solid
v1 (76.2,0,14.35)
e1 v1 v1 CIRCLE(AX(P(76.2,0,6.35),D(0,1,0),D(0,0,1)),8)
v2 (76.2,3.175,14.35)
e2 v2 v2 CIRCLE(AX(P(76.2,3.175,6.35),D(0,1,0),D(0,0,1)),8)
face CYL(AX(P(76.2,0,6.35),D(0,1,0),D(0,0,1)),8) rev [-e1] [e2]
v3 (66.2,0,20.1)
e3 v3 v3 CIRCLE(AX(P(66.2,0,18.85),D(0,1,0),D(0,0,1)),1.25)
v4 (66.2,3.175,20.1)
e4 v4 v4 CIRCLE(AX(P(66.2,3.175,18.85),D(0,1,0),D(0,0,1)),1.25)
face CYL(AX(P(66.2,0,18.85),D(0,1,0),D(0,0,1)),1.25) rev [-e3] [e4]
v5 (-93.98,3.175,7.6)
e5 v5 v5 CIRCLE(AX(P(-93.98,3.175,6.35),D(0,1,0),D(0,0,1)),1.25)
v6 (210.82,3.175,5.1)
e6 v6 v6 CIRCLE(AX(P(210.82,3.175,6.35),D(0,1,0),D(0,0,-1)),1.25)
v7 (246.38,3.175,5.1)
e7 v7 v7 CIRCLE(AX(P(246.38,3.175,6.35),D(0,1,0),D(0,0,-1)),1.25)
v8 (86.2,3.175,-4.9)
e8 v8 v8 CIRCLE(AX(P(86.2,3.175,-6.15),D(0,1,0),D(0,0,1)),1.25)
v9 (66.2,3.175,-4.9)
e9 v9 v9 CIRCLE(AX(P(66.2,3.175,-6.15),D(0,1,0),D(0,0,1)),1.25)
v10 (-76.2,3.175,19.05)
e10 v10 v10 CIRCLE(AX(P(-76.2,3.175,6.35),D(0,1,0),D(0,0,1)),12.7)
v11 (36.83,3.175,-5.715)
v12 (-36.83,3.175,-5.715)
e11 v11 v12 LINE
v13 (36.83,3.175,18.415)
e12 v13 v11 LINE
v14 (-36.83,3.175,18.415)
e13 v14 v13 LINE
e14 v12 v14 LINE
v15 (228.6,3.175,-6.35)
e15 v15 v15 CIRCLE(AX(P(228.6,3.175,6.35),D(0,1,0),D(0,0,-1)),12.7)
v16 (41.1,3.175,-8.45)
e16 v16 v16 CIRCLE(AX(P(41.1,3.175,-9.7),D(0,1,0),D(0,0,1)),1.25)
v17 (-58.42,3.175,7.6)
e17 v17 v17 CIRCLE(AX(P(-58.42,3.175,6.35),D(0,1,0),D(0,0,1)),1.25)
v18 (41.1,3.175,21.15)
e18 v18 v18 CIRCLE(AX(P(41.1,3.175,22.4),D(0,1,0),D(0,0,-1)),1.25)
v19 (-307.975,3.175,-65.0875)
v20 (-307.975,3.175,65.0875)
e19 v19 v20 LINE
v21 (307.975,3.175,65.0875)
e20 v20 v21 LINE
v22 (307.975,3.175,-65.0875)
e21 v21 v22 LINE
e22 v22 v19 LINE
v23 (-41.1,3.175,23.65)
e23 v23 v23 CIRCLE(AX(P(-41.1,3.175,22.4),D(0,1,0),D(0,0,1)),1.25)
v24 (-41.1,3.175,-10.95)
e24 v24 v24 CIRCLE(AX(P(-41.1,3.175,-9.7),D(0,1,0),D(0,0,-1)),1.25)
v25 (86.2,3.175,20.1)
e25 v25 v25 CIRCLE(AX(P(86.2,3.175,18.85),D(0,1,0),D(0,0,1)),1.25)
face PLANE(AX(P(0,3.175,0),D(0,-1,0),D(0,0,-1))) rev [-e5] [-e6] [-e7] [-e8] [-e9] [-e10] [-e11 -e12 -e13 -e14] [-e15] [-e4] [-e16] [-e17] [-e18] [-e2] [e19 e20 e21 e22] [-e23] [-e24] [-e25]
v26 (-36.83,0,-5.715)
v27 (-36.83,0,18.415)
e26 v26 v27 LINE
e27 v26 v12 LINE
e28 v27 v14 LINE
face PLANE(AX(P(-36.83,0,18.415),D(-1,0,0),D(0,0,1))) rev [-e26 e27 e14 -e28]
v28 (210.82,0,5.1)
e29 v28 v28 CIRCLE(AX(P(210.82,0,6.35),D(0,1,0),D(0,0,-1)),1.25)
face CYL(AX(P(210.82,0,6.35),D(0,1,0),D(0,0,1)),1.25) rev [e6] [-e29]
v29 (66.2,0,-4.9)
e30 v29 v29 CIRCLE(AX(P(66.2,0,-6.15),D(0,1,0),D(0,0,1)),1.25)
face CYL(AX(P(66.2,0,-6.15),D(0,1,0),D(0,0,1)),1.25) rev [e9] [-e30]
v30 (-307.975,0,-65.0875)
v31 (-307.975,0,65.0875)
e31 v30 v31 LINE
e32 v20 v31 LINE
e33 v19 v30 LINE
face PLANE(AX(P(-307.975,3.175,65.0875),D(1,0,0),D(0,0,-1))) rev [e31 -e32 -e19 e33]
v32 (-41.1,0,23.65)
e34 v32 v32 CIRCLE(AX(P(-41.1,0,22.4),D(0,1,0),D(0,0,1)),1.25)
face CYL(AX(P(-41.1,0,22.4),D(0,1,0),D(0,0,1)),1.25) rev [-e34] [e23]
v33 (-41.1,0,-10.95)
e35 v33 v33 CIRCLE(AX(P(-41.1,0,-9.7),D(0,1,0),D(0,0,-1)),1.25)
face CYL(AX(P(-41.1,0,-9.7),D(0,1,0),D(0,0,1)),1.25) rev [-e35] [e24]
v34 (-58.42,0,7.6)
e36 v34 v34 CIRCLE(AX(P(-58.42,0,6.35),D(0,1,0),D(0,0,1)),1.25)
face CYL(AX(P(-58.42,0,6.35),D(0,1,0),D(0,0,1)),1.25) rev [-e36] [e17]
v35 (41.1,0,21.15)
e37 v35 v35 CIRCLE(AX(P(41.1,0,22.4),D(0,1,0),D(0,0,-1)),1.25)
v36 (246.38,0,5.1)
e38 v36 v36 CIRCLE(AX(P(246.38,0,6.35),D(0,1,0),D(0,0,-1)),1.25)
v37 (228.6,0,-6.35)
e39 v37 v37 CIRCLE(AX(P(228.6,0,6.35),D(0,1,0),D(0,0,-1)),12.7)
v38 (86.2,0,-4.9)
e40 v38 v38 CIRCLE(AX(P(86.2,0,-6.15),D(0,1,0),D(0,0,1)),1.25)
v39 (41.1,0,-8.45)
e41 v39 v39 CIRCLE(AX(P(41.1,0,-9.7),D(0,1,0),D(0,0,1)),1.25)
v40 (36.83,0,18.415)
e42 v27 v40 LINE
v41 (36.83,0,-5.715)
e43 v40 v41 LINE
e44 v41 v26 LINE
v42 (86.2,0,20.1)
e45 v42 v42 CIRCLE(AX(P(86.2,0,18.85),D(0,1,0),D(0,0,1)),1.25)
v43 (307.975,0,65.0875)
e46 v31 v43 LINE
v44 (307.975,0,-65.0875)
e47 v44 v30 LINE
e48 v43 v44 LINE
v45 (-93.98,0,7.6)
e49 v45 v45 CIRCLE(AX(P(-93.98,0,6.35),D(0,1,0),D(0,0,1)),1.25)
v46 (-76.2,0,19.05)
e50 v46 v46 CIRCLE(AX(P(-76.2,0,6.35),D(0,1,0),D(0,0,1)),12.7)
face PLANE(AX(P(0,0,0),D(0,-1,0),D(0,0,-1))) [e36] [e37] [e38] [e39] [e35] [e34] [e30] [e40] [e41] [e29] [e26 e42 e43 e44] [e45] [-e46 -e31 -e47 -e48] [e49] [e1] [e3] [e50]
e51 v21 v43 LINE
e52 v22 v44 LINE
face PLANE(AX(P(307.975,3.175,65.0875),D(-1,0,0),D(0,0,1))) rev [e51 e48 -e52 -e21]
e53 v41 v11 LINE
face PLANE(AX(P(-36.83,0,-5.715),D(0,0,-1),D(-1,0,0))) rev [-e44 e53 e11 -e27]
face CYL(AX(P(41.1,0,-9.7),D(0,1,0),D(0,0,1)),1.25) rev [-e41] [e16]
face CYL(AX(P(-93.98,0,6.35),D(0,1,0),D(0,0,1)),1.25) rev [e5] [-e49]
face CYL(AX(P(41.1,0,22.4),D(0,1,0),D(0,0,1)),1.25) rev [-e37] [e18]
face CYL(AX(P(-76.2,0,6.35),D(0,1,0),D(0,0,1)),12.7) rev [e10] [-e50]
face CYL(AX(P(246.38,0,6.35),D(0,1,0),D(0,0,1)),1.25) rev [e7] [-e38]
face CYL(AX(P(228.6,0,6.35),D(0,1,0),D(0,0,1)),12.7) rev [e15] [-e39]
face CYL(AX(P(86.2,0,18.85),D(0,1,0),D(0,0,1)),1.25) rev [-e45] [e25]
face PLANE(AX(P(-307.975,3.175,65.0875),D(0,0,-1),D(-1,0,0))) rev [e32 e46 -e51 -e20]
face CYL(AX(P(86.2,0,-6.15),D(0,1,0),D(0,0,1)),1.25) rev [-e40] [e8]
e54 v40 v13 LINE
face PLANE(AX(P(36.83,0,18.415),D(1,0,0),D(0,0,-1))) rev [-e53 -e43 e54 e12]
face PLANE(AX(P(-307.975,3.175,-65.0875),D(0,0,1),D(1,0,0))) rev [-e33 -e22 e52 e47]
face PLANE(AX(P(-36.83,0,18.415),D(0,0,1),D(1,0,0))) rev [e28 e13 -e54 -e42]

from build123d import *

# Parameters (mm, degrees)
SKETCH1_W           = 615.95
SKETCH1_H           = 130.175
BOSS_EXTRUDE1_DEPTH = 3.175
SKETCH2_R           = 1.25
SKETCH2_R_2         = 12.7
SKETCH2_R_3         = 8
SKETCH2_W           = 73.66
SKETCH2_H           = 24.13
CUT_EXTRUDE1_DEPTH  = 315.793684667


with BuildPart() as part:
    # Sketch1 → Boss-Extrude1 (new body)
    with BuildSketch(Plane(origin=(0, 0, 0), x_dir=(1, 0, 0), z_dir=(0, 1, 0))):
        Rectangle(SKETCH1_W, SKETCH1_H)
    extrude(amount=BOSS_EXTRUDE1_DEPTH)

    # Sketch2 → Cut-Extrude1 (cut, through all)
    with BuildSketch(Plane(origin=(0, 3.175, 0), x_dir=(1, 0, 0), z_dir=(0, 1, 0))):
        with Locations(Location((41.099999842, 9.699999904, 0), (0, 0, 270))):
            Circle(SKETCH2_R)
        with Locations(Location((41.099999842, -22.399999904, 0), (0, 0, 90))):
            Circle(SKETCH2_R)
        with Locations(Location((-41.099999842, -22.399999904, 0), (0, 0, 270))):
            Circle(SKETCH2_R)
        with Locations(Location((-41.099999842, 9.699999904, 0), (0, 0, 90))):
            Circle(SKETCH2_R)
        with Locations(Location((-76.2, -6.35, 0), (0, 0, 270))):
            Circle(SKETCH2_R_2)
        with Locations(Location((-93.98, -6.35, 0), (0, 0, 270))):
            Circle(SKETCH2_R)
        with Locations(Location((-58.42, -6.35, 0), (0, 0, 270))):
            Circle(SKETCH2_R)
        with Locations(Location((86.2, 6.15, 0), (0, 0, 270))):
            Circle(SKETCH2_R)
        with Locations(Location((86.2, -18.85, 0), (0, 0, 270))):
            Circle(SKETCH2_R)
        with Locations(Location((66.2, -18.85, 0), (0, 0, 270))):
            Circle(SKETCH2_R)
        with Locations(Location((66.2, 6.15, 0), (0, 0, 270))):
            Circle(SKETCH2_R)
        with Locations(Location((76.2, -6.35, 0), (0, 0, 270))):
            Circle(SKETCH2_R_3)
        with Locations(Location((246.38, -6.35, 0), (0, 0, 90))):
            Circle(SKETCH2_R)
        with Locations(Location((210.82, -6.35, 0), (0, 0, 90))):
            Circle(SKETCH2_R)
        with Locations(Location((228.6, -6.35, 0), (0, 0, 90))):
            Circle(SKETCH2_R_2)
        with Locations((0, -6.35)):
            Rectangle(SKETCH2_W, SKETCH2_H)
    extrude(amount=-CUT_EXTRUDE1_DEPTH, mode=Mode.SUBTRACT)


solid = part.part
